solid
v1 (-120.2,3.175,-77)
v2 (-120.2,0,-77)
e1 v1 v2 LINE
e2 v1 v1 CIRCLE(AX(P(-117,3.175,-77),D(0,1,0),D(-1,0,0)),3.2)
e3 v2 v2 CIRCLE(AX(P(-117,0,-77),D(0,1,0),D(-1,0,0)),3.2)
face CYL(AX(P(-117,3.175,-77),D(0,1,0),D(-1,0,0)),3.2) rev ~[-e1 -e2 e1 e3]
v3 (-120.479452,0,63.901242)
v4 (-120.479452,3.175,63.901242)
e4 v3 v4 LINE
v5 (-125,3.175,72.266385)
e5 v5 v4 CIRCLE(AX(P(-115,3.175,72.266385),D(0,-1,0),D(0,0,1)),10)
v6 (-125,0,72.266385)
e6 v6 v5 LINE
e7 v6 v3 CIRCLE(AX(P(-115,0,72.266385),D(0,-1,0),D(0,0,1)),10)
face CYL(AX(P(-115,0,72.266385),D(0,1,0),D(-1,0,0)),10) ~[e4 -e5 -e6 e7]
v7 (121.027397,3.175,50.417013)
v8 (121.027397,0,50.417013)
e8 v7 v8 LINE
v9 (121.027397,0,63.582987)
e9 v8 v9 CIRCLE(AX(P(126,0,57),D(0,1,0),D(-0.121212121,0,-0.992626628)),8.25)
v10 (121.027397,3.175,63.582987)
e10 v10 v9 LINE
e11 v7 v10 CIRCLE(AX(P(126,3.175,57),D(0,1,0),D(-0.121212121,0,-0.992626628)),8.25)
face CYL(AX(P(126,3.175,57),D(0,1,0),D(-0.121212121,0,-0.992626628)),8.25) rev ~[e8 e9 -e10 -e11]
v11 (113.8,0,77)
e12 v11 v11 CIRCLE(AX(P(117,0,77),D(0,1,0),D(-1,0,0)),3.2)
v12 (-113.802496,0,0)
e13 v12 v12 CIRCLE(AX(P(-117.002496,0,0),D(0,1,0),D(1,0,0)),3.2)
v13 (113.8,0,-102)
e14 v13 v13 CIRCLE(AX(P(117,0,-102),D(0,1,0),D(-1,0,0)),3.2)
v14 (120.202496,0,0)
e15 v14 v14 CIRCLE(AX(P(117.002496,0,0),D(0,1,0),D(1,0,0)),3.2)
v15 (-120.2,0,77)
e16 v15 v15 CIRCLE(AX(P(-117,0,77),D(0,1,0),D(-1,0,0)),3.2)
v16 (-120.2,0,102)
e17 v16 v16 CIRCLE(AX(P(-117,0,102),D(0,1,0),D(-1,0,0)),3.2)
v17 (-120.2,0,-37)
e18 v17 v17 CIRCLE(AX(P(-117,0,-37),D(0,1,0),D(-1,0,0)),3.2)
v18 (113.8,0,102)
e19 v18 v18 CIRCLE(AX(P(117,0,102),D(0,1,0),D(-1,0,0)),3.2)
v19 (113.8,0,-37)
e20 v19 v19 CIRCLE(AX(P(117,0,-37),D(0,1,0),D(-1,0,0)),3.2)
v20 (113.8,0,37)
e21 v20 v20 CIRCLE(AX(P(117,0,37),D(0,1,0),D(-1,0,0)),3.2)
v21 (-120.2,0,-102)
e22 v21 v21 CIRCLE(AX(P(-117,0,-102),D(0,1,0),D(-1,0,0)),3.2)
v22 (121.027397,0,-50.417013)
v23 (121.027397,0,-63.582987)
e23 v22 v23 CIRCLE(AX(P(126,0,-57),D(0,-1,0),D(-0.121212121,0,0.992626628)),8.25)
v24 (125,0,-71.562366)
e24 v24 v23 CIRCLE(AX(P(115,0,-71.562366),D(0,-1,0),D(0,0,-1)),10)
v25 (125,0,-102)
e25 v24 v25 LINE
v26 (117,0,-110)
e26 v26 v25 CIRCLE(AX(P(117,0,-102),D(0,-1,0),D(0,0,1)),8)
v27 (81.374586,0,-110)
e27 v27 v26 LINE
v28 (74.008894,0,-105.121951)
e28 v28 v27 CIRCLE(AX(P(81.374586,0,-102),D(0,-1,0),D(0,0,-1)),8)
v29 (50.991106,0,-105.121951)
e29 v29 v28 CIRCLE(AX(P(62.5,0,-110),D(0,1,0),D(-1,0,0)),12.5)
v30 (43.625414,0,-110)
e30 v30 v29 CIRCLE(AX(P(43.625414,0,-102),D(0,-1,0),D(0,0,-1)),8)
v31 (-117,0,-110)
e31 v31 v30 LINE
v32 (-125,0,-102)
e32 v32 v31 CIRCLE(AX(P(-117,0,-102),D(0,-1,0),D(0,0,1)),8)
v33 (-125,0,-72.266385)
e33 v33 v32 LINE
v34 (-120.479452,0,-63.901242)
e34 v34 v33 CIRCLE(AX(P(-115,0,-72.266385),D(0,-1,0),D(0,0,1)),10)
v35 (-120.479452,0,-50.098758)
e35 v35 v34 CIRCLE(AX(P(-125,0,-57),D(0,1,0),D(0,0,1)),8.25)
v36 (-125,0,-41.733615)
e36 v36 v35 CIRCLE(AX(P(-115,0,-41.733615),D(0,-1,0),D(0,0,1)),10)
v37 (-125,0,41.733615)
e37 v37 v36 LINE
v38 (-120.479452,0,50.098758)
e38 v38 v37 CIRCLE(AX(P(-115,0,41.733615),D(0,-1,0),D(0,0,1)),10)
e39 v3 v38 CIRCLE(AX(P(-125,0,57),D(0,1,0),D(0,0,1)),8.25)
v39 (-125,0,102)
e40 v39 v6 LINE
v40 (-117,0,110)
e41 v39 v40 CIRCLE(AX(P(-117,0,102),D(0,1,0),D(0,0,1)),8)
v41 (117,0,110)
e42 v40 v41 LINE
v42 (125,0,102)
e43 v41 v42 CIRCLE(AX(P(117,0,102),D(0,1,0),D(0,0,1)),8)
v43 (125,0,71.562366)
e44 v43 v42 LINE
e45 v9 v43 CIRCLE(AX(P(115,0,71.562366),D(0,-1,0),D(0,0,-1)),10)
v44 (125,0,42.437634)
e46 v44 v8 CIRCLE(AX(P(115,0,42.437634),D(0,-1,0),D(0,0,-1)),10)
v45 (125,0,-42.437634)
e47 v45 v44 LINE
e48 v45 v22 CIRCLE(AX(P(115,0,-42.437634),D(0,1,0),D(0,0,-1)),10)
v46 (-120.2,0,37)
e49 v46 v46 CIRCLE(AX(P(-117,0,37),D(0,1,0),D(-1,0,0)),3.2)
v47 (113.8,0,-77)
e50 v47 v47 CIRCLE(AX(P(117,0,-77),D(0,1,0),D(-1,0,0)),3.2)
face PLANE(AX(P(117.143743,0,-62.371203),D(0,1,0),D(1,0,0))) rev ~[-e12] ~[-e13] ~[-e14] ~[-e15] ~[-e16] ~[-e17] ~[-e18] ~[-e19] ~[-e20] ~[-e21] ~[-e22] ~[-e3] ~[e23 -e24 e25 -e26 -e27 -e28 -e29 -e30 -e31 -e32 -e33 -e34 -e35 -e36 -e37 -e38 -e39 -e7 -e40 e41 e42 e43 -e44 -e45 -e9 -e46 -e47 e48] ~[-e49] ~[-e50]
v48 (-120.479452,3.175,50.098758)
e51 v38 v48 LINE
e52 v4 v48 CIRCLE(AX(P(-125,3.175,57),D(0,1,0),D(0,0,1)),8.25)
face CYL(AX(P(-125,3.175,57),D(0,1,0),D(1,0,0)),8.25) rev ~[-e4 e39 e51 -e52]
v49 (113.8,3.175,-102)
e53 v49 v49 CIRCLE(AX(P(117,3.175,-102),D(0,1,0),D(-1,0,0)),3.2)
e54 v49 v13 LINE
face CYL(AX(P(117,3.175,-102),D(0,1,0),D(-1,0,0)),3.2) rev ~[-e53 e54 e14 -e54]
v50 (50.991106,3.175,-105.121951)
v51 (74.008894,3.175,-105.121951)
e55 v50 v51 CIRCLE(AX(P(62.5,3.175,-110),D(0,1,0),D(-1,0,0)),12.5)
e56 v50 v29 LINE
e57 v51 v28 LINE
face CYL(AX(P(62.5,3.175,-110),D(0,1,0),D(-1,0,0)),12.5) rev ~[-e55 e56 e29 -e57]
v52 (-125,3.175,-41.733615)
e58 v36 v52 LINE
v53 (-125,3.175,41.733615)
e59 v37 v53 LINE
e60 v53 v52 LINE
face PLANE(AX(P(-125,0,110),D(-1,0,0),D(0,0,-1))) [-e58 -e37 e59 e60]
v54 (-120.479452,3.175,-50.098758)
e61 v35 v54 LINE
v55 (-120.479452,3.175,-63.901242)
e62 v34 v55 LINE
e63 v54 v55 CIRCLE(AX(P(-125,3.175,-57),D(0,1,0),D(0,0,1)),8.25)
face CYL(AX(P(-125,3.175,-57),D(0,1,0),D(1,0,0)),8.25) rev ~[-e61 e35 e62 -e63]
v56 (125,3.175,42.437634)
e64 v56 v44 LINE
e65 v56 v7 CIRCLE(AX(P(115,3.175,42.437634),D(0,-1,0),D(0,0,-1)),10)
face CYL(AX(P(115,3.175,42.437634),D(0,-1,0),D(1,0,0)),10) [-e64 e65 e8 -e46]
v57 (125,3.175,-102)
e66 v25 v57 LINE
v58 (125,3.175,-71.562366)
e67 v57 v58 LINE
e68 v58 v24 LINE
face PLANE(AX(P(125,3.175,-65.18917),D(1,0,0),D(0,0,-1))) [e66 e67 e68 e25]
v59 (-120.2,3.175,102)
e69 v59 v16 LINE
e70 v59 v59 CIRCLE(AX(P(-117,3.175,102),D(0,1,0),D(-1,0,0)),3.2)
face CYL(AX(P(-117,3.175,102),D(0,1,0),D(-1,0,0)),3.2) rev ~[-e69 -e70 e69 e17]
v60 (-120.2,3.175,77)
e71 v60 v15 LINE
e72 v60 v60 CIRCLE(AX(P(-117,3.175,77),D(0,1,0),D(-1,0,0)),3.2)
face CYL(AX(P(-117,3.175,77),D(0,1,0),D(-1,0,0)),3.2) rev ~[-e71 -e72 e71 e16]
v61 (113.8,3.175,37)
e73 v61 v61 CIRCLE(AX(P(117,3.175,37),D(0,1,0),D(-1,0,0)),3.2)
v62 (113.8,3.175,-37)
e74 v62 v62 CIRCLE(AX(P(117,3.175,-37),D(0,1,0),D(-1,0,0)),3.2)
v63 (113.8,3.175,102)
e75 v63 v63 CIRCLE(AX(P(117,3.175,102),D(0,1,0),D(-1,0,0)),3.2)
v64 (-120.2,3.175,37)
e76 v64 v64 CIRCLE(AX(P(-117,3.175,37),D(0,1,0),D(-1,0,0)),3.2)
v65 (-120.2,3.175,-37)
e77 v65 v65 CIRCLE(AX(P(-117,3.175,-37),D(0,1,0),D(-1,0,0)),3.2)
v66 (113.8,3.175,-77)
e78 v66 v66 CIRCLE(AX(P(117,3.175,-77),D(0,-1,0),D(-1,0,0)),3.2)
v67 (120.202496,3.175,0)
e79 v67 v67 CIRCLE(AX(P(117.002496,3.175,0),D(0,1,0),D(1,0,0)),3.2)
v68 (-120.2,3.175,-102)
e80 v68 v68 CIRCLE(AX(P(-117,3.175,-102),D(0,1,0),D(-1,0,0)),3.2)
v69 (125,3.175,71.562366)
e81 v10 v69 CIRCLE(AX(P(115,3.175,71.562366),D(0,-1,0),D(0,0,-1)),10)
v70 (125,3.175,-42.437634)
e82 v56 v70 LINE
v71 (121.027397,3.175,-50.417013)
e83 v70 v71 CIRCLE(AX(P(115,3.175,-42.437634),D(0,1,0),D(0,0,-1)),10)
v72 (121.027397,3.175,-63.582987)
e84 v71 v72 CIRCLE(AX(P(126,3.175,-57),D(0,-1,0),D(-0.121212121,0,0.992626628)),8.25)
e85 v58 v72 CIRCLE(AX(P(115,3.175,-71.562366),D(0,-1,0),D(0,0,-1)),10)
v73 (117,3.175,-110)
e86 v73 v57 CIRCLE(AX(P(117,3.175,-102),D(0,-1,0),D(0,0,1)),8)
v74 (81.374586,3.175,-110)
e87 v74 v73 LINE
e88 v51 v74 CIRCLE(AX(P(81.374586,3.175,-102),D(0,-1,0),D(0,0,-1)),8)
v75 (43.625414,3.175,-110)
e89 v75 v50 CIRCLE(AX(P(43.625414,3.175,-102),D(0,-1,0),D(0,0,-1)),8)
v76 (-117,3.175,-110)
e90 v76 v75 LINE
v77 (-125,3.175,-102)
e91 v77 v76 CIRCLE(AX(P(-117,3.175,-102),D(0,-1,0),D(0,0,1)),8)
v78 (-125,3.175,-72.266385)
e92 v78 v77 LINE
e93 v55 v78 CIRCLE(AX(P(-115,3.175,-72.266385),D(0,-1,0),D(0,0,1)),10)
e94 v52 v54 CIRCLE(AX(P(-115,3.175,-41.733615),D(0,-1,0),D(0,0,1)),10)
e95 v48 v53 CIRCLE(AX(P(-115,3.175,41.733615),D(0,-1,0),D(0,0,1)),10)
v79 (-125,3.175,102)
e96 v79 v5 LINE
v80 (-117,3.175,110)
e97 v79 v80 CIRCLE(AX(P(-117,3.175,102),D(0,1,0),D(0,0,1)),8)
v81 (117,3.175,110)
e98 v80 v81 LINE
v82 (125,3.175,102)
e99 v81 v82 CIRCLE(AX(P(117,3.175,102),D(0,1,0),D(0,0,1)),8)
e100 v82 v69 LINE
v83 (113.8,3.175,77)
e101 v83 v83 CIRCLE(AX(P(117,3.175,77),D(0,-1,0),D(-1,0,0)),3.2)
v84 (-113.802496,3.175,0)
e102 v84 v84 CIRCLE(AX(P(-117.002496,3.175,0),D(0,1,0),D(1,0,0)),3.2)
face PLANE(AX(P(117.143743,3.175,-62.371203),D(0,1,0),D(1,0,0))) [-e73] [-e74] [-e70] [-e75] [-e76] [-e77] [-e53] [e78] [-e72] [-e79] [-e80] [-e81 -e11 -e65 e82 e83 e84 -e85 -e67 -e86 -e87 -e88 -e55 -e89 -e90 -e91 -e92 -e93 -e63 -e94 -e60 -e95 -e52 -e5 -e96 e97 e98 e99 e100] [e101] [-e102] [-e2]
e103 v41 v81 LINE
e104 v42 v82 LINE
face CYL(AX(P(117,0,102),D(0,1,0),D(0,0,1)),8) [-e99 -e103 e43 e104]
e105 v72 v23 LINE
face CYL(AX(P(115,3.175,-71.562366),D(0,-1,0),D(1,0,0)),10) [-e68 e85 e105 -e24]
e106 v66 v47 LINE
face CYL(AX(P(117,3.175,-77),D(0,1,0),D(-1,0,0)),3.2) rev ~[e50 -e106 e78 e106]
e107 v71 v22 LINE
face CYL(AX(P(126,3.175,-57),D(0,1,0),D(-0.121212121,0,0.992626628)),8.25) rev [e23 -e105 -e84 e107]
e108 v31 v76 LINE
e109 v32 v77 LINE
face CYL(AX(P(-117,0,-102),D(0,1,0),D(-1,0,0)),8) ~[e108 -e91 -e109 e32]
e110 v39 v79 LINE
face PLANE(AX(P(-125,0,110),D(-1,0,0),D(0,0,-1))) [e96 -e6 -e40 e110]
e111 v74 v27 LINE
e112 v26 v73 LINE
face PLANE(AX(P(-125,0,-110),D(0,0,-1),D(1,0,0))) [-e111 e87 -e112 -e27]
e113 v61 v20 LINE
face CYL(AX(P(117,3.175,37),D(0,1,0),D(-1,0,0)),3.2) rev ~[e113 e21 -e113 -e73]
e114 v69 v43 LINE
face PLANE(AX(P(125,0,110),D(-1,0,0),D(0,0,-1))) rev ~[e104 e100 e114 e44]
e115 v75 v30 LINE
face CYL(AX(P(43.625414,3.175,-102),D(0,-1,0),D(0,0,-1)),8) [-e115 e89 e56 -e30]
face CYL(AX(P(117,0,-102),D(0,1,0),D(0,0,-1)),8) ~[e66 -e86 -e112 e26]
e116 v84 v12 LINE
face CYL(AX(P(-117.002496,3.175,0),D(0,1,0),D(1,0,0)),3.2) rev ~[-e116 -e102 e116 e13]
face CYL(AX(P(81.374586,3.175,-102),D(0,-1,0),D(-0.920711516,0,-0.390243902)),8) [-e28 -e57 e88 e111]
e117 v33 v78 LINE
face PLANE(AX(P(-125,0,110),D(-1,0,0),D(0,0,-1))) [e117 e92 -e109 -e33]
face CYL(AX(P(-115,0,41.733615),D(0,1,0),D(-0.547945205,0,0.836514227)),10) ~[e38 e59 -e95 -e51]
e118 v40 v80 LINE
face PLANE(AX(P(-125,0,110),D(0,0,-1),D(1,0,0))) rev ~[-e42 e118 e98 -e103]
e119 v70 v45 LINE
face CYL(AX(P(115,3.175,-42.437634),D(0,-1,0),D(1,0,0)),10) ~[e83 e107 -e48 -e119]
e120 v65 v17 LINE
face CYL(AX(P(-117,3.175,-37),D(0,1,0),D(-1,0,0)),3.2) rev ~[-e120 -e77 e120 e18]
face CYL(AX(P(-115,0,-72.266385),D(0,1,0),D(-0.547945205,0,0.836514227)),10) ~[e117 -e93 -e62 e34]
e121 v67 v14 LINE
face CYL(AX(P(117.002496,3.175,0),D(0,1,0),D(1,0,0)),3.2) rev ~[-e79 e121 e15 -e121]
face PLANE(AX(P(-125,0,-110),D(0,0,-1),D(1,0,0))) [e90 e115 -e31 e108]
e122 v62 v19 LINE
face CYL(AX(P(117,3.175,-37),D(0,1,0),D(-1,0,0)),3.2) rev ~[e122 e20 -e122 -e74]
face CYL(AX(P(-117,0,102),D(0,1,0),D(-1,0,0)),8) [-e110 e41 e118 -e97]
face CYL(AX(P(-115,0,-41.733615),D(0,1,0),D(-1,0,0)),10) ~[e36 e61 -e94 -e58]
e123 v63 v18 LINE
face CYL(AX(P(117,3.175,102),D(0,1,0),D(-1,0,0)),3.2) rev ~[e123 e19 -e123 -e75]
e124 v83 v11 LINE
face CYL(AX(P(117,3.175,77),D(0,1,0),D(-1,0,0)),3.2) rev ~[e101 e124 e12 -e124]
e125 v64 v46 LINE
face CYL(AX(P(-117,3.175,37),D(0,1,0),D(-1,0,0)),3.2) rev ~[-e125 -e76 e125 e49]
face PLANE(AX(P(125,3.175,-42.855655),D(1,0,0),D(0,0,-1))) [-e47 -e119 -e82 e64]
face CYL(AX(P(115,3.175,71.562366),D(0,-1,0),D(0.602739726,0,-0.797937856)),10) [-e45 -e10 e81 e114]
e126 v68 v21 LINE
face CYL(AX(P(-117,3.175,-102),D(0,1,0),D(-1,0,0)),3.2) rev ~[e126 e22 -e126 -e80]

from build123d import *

# Parameters (mm, degrees)
SKETCH1_W           = 250
SKETCH1_H           = 220
BOSS_EXTRUDE1_DEPTH = 3.175
SKETCH2_R           = 3.2
CUT_EXTRUDE1_DEPTH  = 4.175
FILLET1_R           = 8
CUT_EXTRUDE3_DEPTH  = 4.175
FILLET3_R           = 8
SKETCH5_R           = 8.25
CUT_EXTRUDE4_DEPTH  = 4.175
FILLET4_R           = 10
FILLET5_R           = 8
BOSS_EXTRUDE2_DEPTH = 3.175
FILLET6_R           = 10
SKETCH7_R           = 3.2
CUT_EXTRUDE5_DEPTH  = 4.175


with BuildPart() as part:
    # Sketch1 → Boss-Extrude1 (new body)
    with BuildSketch(Plane(origin=(0, 0, 0), x_dir=(1, 0, 0), z_dir=(0, 1, 0))):
        Rectangle(SKETCH1_W, SKETCH1_H)
    extrude(amount=BOSS_EXTRUDE1_DEPTH)

    # Sketch2 → Cut-Extrude1 (cut, through all)
    with BuildSketch(Plane(origin=(0, 3.175, 0), x_dir=(-1, 0, 0), z_dir=(0, 1, 0))):
        with Locations((117, -102)):
            Circle(SKETCH2_R)
        with Locations((-117, -102)):
            Circle(SKETCH2_R)
        with Locations((-117, 102)):
            Circle(SKETCH2_R)
        with Locations((117, 102)):
            Circle(SKETCH2_R)
        with Locations((117, -77)):
            Circle(SKETCH2_R)
        with Locations((117, 77)):
            Circle(SKETCH2_R)
        with Locations((-117, 77)):
            Circle(SKETCH2_R)
        with Locations((-117, -77)):
            Circle(SKETCH2_R)
        with Locations((117, 37)):
            Circle(SKETCH2_R)
        with Locations((117, -37)):
            Circle(SKETCH2_R)
        with Locations((-117, -37)):
            Circle(SKETCH2_R)
        with Locations((-117, 37)):
            Circle(SKETCH2_R)
    extrude(amount=-CUT_EXTRUDE1_DEPTH, mode=Mode.SUBTRACT)

    # Fillet1
    fillet1_edges = [part.edges().sort_by_distance(p)[0] for p in [
        (-125, 1.5875, -110),
        (125, 1.5875, -110),
        (125, 1.5875, 110),
        (-125, 1.5875, 110),
    ]]
    fillet(fillet1_edges, radius=FILLET1_R)

    # Sketch4 → Cut-Extrude3 (cut, through all)
    with BuildSketch(Plane(origin=(0, 3.175, 0), x_dir=(1, 0, 0), z_dir=(0, 1, 0))):
        with BuildLine():
            Line((75, 110), (50, 110))
            ThreePointArc((50, 110), (62.5, 97.5), (75, 110))
        make_face()
    extrude(amount=-CUT_EXTRUDE3_DEPTH, mode=Mode.SUBTRACT)

    # Fillet3
    fillet3_edges = [part.edges().sort_by_distance(p)[0] for p in [
        (75, 1.5875, -110),
        (50, 1.5875, -110),
    ]]
    fillet(fillet3_edges, radius=FILLET3_R)

    # Sketch5 → Cut-Extrude4 (cut, through all)
    with BuildSketch(Plane(origin=(0, 3.175, 0), x_dir=(1, 0, 0), z_dir=(0, 1, 0))):
        with Locations((-125, 57)):
            Circle(SKETCH5_R)
        with Locations((-125, -57)):
            Circle(SKETCH5_R)
        with BuildLine():
            Line((108.641149162, 70.240746381), (117.711258049, 53.135192013))
            ThreePointArc((117.711258049, 53.135192013), (132.069199597, 52.746893247), (125, 65.25))
            Line((125, 65.25), (125, 77.296464556))
            ThreePointArc((125, 77.296464556), (120.427492424, 70.453223368), (112.355339059, 72.058874503))
            Line((112.355339059, 72.058874503), (111.82233047, 72.591883092))
            ThreePointArc((111.82233047, 72.591883092), (109.219390768, 72.786063189), (108.641149162, 70.240746381))
        make_face()
        with BuildLine():
            Line((112.355339059, -72.058874503), (111.82233047, -72.591883092))
            ThreePointArc((111.82233047, -72.591883092), (109.219390768, -72.786063189), (108.641149162, -70.240746381))
            Line((108.641149162, -70.240746381), (117.711258049, -53.135192013))
            ThreePointArc((117.711258049, -53.135192013), (132.069199597, -52.746893247), (125, -65.25))
            Line((125, -65.25), (125, -77.296464556))
            ThreePointArc((125, -77.296464556), (120.427492424, -70.453223368), (112.355339059, -72.058874503))
        make_face()
    extrude(amount=-CUT_EXTRUDE4_DEPTH, mode=Mode.SUBTRACT)

    # Fillet4
    fillet4_edges = [part.edges().sort_by_distance(p)[0] for p in [
        (-125, 1.5875, -65.25),
        (-125, 1.5875, -48.75),
        (-125, 1.5875, 48.75),
        (-125, 1.5875, 65.25),
    ]]
    fillet(fillet4_edges, radius=FILLET4_R)

    # Fillet5
    fillet5_edges = [part.edges().sort_by_distance(p)[0] for p in [
        (125, 1.5875, -48.75),
        (125, 1.5875, 48.75),
    ]]
    fillet(fillet5_edges, radius=FILLET5_R)

    # Sketch6 → Boss-Extrude2 (add)
    with BuildSketch(Plane(origin=(0, 3.175, 0), x_dir=(1, 0, 0), z_dir=(0, 1, 0))):
        with BuildLine():
            Line((125, 65.189169677), (125, 77.296464556))
            Line((125, 77.296464556), (116.645162041, 73.27854658))
            Line((116.645162041, 73.27854658), (108.408116908, 79.390702383))
            Line((108.408116908, 79.390702383), (108.408116908, 56.119015219))
            Line((108.408116908, 56.119015219), (125, 42.85565484))
            Line((125, 42.85565484), (125, 48.810830323))
            ThreePointArc((125, 48.810830323), (117.75, 57), (125, 65.189169677))
        make_face()
        with BuildLine():
            Line((125, -42.85565484), (125, -48.810830323))
            ThreePointArc((125, -48.810830323), (117.75, -57), (125, -65.189169677))
            Line((125, -65.189169677), (125, -77.296464556))
            Line((125, -77.296464556), (116.645162041, -73.27854658))
            Line((116.645162041, -73.27854658), (108.408116908, -79.390702383))
            Line((108.408116908, -79.390702383), (108.408116908, -56.119015219))
            Line((108.408116908, -56.119015219), (125, -42.85565484))
        make_face()
    extrude(amount=-BOSS_EXTRUDE2_DEPTH)

    # Fillet6
    fillet6_edges = [part.edges().sort_by_distance(p)[0] for p in [
        (125, 1.5875, -65.189169677),
        (125, 1.5875, -48.810830323),
        (125, 1.5875, 48.810830323),
        (125, 1.5875, 65.189169677),
    ]]
    fillet(fillet6_edges, radius=FILLET6_R)

    # Sketch7 → Cut-Extrude5 (cut, through all)
    with BuildSketch(Plane(origin=(0, 3.175, 0), x_dir=(1, 0, 0), z_dir=(0, 1, 0))):
        with Locations((117.002495653, 0)):
            Circle(SKETCH7_R)
        with Locations((-117.002495653, 0)):
            Circle(SKETCH7_R)
    extrude(amount=-CUT_EXTRUDE5_DEPTH, mode=Mode.SUBTRACT)


solid = part.part
